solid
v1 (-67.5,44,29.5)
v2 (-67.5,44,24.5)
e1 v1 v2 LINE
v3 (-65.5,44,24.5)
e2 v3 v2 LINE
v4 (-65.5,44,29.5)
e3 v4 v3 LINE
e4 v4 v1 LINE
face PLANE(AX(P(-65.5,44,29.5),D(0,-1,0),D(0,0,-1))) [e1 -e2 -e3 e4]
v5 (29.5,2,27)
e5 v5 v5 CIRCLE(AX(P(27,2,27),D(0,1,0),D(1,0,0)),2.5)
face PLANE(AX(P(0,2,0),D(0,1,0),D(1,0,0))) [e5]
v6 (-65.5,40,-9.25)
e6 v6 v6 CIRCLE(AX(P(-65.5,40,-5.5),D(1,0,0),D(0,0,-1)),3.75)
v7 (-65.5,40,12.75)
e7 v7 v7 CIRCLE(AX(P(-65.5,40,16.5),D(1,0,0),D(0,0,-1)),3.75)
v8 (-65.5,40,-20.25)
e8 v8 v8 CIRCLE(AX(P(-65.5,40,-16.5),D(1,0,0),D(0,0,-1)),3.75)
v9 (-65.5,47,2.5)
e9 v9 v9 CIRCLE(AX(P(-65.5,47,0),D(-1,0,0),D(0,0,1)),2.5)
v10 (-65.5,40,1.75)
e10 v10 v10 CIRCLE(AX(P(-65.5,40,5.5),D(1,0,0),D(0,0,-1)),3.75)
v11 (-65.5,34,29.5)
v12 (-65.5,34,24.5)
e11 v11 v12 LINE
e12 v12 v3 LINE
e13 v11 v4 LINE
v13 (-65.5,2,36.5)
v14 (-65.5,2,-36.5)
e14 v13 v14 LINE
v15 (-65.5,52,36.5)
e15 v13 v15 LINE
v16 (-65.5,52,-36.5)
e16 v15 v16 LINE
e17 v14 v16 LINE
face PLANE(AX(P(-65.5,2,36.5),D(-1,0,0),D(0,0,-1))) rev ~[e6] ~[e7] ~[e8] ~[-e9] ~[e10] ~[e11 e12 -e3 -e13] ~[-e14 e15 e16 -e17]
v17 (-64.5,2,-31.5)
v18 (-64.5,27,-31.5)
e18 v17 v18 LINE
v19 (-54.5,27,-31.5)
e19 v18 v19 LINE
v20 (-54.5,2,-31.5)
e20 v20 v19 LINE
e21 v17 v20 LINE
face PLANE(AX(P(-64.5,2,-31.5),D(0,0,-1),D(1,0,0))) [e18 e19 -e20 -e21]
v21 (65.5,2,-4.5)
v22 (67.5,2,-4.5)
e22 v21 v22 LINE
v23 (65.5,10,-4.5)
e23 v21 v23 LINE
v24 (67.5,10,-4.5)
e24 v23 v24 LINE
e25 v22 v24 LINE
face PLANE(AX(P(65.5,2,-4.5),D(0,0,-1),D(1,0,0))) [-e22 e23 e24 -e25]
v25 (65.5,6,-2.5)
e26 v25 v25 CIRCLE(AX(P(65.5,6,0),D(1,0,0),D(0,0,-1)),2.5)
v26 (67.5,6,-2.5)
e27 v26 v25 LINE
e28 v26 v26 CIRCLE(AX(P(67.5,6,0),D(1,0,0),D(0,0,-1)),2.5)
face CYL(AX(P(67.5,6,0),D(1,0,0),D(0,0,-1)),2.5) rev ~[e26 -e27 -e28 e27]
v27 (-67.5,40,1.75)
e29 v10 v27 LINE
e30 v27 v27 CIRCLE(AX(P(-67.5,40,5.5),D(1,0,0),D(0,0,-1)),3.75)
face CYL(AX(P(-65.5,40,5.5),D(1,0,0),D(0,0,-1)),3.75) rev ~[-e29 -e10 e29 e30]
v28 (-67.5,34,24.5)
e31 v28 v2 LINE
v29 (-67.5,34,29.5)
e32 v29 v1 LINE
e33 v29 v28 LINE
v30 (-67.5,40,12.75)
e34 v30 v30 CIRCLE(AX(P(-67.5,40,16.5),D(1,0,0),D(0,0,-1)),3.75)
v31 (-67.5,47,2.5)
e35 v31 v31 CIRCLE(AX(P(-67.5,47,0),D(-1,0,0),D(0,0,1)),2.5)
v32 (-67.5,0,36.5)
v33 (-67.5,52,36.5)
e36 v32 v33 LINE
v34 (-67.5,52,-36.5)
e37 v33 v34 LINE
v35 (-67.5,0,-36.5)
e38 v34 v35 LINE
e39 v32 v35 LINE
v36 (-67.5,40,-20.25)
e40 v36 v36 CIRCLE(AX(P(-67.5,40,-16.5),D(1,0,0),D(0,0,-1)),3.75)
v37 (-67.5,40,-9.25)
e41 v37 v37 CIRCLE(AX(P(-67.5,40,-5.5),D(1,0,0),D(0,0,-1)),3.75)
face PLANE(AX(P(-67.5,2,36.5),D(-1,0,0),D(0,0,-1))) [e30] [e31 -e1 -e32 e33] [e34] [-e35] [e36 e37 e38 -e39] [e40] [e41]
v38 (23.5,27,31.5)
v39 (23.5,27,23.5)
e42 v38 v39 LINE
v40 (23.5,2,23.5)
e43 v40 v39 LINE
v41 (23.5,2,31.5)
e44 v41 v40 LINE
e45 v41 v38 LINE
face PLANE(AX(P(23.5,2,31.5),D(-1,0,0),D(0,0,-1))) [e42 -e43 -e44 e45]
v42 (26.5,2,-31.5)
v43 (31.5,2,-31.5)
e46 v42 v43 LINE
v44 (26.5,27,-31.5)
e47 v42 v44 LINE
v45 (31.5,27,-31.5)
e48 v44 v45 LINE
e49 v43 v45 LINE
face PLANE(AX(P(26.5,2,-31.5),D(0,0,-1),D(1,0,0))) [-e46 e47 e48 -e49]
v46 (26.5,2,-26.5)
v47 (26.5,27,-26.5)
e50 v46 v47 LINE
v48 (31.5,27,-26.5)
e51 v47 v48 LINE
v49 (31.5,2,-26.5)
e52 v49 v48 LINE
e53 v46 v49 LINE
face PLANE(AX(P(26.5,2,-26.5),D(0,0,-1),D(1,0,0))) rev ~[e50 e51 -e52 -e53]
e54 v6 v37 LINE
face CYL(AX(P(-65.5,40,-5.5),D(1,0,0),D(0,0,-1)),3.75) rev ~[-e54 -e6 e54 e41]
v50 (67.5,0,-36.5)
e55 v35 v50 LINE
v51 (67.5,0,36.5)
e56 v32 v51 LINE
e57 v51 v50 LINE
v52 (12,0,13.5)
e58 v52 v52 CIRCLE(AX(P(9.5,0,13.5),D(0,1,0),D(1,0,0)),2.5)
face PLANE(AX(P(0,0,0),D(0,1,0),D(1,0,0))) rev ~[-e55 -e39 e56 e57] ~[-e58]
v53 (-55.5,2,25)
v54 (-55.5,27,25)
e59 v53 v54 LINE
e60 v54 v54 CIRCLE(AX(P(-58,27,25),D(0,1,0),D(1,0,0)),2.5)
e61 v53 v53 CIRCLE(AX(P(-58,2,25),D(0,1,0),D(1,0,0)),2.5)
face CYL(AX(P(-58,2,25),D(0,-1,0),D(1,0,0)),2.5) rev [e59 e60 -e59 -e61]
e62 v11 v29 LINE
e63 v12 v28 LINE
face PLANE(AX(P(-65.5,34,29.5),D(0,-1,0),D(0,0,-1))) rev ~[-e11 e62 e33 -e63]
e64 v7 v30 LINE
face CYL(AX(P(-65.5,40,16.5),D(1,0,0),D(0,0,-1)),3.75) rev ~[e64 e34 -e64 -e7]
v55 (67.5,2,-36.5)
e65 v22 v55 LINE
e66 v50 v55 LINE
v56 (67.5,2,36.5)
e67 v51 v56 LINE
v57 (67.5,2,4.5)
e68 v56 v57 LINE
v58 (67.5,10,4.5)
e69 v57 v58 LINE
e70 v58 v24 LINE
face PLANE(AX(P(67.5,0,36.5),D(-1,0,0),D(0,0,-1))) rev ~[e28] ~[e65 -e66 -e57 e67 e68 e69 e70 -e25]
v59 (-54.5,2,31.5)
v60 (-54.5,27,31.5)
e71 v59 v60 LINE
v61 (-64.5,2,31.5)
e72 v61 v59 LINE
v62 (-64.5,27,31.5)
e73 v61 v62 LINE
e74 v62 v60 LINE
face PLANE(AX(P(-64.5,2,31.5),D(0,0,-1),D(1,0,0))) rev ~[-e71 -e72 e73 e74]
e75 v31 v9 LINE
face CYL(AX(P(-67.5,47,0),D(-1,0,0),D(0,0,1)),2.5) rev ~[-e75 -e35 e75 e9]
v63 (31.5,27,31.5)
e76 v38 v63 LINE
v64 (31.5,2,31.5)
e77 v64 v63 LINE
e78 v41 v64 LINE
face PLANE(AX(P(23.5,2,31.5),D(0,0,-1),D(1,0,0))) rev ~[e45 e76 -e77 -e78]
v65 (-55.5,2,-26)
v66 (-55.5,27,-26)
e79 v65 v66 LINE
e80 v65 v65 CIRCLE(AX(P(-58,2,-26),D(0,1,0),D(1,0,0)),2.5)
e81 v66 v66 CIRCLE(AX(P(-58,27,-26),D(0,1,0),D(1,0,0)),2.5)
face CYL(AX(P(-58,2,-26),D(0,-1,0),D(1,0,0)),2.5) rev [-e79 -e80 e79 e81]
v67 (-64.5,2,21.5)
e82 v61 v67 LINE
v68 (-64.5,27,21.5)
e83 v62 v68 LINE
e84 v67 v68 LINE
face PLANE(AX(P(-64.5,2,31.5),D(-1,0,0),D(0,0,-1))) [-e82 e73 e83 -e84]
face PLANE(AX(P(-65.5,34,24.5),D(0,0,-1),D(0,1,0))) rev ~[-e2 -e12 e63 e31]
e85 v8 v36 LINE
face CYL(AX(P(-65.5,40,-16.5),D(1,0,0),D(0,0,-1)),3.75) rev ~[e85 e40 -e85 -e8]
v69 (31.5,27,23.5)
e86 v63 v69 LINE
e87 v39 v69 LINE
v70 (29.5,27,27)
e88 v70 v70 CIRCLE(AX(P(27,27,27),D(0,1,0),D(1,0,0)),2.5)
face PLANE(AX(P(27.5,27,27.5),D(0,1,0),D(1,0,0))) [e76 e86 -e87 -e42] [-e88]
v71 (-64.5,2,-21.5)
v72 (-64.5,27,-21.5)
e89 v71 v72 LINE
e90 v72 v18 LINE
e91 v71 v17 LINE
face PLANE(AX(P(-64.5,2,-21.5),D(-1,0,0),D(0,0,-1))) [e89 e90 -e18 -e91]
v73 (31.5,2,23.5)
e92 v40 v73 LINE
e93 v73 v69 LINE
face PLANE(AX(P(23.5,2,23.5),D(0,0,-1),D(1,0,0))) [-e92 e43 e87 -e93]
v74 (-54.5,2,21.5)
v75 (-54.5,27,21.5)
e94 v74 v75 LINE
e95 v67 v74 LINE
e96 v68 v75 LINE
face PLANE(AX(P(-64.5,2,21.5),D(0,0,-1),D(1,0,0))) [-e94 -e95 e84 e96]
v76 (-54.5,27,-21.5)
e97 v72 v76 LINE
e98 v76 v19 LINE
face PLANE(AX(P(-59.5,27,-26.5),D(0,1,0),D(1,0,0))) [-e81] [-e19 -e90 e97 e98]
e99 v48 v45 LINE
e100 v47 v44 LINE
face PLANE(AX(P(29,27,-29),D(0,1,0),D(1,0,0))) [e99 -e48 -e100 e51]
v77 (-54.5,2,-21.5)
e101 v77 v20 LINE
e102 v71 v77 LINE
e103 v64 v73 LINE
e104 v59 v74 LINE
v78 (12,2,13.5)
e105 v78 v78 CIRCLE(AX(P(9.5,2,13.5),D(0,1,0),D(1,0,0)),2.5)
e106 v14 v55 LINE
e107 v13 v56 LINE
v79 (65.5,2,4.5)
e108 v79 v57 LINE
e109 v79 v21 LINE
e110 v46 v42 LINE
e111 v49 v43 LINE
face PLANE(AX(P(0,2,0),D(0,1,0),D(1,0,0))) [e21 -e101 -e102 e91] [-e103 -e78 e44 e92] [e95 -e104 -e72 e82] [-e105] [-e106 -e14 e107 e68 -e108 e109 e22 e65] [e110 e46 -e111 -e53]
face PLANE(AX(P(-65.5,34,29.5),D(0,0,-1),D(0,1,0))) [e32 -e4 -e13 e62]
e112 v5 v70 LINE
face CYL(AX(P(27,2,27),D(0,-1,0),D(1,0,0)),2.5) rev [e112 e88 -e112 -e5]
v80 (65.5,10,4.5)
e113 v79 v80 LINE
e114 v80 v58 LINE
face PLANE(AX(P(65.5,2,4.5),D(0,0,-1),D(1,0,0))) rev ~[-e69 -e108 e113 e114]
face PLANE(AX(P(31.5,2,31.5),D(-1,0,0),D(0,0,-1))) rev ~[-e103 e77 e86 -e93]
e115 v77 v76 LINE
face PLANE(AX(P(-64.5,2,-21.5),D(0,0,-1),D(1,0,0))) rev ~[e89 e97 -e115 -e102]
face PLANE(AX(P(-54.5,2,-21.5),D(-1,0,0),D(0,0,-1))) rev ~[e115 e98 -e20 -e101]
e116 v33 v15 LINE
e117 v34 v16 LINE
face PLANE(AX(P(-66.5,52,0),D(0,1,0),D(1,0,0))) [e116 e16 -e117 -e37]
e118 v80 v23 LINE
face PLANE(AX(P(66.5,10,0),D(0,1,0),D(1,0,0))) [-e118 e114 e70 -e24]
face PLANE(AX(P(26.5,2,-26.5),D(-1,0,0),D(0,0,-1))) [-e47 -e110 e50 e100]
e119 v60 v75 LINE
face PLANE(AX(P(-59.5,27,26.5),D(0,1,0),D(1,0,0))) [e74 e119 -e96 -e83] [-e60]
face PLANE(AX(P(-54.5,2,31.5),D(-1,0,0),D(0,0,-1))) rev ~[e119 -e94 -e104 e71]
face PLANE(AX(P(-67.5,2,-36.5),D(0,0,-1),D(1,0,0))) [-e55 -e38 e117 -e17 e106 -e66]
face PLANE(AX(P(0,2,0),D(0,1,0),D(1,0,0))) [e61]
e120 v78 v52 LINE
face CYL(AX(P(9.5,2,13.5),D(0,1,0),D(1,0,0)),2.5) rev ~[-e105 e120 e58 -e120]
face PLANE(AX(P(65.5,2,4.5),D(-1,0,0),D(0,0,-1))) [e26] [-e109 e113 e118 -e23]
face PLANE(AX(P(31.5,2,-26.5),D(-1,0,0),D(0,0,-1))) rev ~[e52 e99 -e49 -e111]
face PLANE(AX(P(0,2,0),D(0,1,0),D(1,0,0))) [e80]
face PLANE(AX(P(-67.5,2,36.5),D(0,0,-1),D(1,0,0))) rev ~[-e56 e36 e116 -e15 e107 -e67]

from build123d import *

# Parameters (mm, degrees)
SKETCH1_W           = 135
SKETCH1_H           = 73
BOSS_EXTRUDE1_DEPTH = 2
SKETCH2_W           = 2
SKETCH2_H           = 73
BOSS_EXTRUDE2_DEPTH = 50
SKETCH4_W           = 8
SKETCH4_H           = 8
SKETCH4_R           = 2.5
SKETCH4_W_2         = 10
SKETCH4_H_2         = 10
SKETCH4_W_3         = 5
SKETCH4_H_3         = 5
BOSS_EXTRUDE4_DEPTH = 25
SKETCH5_R           = 2.5
CUT_EXTRUDE1_DEPTH  = 2
SKETCH6_R           = 3.75
CUT_EXTRUDE2_DEPTH  = 2
SKETCH7_W           = 5
SKETCH7_H           = 10
CUT_EXTRUDE3_DEPTH  = 2
SKETCH8_W           = 2
SKETCH8_H           = 9
BOSS_EXTRUDE5_DEPTH = 8
SKETCH9_R           = 2.5
CUT_EXTRUDE4_DEPTH  = 8
SKETCH10_R          = 2.5
CUT_EXTRUDE5_DEPTH  = 2


with BuildPart() as part:
    # Sketch1 → Boss-Extrude1 (new body)
    with BuildSketch(Plane(origin=(0, 0, 0), x_dir=(1, 0, 0), z_dir=(0, 1, 0))):
        Rectangle(SKETCH1_W, SKETCH1_H)
    extrude(amount=BOSS_EXTRUDE1_DEPTH)

    # Sketch2 → Boss-Extrude2 (add)
    with BuildSketch(Plane(origin=(0, 2, 0), x_dir=(1, 0, 0), z_dir=(0, 1, 0))):
        with Locations((-66.5, 0)):
            Rectangle(SKETCH2_W, SKETCH2_H)
    extrude(amount=BOSS_EXTRUDE2_DEPTH)

    # Sketch4 → Boss-Extrude4 (add)
    with BuildSketch(Plane(origin=(0, 2, 0), x_dir=(1, 0, 0), z_dir=(0, 1, 0))):
        with Locations((27.5, -27.5)):
            Rectangle(SKETCH4_W, SKETCH4_H)
        with Locations((27, -27)):
            Circle(SKETCH4_R, mode=Mode.SUBTRACT)
        with Locations((-59.5, -26.5)):
            Rectangle(SKETCH4_W_2, SKETCH4_H_2)
        with Locations((-58, -25)):
            Circle(SKETCH4_R, mode=Mode.SUBTRACT)
        with Locations((-59.5, 26.5)):
            Rectangle(SKETCH4_W_2, SKETCH4_H_2)
        with Locations((-58, 26)):
            Circle(SKETCH4_R, mode=Mode.SUBTRACT)
        with Locations((29, 29)):
            Rectangle(SKETCH4_W_3, SKETCH4_H_3)
    extrude(amount=BOSS_EXTRUDE4_DEPTH)

    # Sketch5 → Cut-Extrude1 (cut)
    with BuildSketch(Plane(origin=(0, 2, 0), x_dir=(1, 0, 0), z_dir=(0, 1, 0))):
        with Locations((9.5, -13.5)):
            Circle(SKETCH5_R)
    extrude(amount=-CUT_EXTRUDE1_DEPTH, mode=Mode.SUBTRACT)

    # Sketch6 → Cut-Extrude2 (cut)
    with BuildSketch(Plane(origin=(-65.5, 0, 0), x_dir=(0, 0, -1), z_dir=(1, 0, 0))):
        with Locations((-16.5, 40)):
            Circle(SKETCH6_R)
        with Locations((-5.5, 40)):
            Circle(SKETCH6_R)
        with Locations((5.5, 40)):
            Circle(SKETCH6_R)
        with Locations((16.5, 40)):
            Circle(SKETCH6_R)
    extrude(amount=-CUT_EXTRUDE2_DEPTH, mode=Mode.SUBTRACT)

    # Sketch7 → Cut-Extrude3 (cut)
    with BuildSketch(Plane(origin=(-65.5, 0, 0), x_dir=(0, 0, -1), z_dir=(1, 0, 0))):
        with Locations((-27, 39)):
            Rectangle(SKETCH7_W, SKETCH7_H)
    extrude(amount=-CUT_EXTRUDE3_DEPTH, mode=Mode.SUBTRACT)

    # Sketch8 → Boss-Extrude5 (add)
    with BuildSketch(Plane(origin=(0, 2, 0), x_dir=(1, 0, 0), z_dir=(0, 1, 0))):
        with Locations((66.5, 0)):
            Rectangle(SKETCH8_W, SKETCH8_H)
    extrude(amount=BOSS_EXTRUDE5_DEPTH)

    # Sketch9 → Cut-Extrude4 (cut)
    with BuildSketch(Plane(origin=(67.5, 0, 0), x_dir=(0, 0, -1), z_dir=(1, 0, 0))):
        with Locations((0, 6)):
            Circle(SKETCH9_R)
    extrude(amount=-CUT_EXTRUDE4_DEPTH, mode=Mode.SUBTRACT)

    # Sketch10 → Cut-Extrude5 (cut)
    with BuildSketch(Plane.ZY.offset(67.5)):
        with Locations((0, 47)):
            Circle(SKETCH10_R)
    extrude(amount=-CUT_EXTRUDE5_DEPTH, mode=Mode.SUBTRACT)


solid = part.part
